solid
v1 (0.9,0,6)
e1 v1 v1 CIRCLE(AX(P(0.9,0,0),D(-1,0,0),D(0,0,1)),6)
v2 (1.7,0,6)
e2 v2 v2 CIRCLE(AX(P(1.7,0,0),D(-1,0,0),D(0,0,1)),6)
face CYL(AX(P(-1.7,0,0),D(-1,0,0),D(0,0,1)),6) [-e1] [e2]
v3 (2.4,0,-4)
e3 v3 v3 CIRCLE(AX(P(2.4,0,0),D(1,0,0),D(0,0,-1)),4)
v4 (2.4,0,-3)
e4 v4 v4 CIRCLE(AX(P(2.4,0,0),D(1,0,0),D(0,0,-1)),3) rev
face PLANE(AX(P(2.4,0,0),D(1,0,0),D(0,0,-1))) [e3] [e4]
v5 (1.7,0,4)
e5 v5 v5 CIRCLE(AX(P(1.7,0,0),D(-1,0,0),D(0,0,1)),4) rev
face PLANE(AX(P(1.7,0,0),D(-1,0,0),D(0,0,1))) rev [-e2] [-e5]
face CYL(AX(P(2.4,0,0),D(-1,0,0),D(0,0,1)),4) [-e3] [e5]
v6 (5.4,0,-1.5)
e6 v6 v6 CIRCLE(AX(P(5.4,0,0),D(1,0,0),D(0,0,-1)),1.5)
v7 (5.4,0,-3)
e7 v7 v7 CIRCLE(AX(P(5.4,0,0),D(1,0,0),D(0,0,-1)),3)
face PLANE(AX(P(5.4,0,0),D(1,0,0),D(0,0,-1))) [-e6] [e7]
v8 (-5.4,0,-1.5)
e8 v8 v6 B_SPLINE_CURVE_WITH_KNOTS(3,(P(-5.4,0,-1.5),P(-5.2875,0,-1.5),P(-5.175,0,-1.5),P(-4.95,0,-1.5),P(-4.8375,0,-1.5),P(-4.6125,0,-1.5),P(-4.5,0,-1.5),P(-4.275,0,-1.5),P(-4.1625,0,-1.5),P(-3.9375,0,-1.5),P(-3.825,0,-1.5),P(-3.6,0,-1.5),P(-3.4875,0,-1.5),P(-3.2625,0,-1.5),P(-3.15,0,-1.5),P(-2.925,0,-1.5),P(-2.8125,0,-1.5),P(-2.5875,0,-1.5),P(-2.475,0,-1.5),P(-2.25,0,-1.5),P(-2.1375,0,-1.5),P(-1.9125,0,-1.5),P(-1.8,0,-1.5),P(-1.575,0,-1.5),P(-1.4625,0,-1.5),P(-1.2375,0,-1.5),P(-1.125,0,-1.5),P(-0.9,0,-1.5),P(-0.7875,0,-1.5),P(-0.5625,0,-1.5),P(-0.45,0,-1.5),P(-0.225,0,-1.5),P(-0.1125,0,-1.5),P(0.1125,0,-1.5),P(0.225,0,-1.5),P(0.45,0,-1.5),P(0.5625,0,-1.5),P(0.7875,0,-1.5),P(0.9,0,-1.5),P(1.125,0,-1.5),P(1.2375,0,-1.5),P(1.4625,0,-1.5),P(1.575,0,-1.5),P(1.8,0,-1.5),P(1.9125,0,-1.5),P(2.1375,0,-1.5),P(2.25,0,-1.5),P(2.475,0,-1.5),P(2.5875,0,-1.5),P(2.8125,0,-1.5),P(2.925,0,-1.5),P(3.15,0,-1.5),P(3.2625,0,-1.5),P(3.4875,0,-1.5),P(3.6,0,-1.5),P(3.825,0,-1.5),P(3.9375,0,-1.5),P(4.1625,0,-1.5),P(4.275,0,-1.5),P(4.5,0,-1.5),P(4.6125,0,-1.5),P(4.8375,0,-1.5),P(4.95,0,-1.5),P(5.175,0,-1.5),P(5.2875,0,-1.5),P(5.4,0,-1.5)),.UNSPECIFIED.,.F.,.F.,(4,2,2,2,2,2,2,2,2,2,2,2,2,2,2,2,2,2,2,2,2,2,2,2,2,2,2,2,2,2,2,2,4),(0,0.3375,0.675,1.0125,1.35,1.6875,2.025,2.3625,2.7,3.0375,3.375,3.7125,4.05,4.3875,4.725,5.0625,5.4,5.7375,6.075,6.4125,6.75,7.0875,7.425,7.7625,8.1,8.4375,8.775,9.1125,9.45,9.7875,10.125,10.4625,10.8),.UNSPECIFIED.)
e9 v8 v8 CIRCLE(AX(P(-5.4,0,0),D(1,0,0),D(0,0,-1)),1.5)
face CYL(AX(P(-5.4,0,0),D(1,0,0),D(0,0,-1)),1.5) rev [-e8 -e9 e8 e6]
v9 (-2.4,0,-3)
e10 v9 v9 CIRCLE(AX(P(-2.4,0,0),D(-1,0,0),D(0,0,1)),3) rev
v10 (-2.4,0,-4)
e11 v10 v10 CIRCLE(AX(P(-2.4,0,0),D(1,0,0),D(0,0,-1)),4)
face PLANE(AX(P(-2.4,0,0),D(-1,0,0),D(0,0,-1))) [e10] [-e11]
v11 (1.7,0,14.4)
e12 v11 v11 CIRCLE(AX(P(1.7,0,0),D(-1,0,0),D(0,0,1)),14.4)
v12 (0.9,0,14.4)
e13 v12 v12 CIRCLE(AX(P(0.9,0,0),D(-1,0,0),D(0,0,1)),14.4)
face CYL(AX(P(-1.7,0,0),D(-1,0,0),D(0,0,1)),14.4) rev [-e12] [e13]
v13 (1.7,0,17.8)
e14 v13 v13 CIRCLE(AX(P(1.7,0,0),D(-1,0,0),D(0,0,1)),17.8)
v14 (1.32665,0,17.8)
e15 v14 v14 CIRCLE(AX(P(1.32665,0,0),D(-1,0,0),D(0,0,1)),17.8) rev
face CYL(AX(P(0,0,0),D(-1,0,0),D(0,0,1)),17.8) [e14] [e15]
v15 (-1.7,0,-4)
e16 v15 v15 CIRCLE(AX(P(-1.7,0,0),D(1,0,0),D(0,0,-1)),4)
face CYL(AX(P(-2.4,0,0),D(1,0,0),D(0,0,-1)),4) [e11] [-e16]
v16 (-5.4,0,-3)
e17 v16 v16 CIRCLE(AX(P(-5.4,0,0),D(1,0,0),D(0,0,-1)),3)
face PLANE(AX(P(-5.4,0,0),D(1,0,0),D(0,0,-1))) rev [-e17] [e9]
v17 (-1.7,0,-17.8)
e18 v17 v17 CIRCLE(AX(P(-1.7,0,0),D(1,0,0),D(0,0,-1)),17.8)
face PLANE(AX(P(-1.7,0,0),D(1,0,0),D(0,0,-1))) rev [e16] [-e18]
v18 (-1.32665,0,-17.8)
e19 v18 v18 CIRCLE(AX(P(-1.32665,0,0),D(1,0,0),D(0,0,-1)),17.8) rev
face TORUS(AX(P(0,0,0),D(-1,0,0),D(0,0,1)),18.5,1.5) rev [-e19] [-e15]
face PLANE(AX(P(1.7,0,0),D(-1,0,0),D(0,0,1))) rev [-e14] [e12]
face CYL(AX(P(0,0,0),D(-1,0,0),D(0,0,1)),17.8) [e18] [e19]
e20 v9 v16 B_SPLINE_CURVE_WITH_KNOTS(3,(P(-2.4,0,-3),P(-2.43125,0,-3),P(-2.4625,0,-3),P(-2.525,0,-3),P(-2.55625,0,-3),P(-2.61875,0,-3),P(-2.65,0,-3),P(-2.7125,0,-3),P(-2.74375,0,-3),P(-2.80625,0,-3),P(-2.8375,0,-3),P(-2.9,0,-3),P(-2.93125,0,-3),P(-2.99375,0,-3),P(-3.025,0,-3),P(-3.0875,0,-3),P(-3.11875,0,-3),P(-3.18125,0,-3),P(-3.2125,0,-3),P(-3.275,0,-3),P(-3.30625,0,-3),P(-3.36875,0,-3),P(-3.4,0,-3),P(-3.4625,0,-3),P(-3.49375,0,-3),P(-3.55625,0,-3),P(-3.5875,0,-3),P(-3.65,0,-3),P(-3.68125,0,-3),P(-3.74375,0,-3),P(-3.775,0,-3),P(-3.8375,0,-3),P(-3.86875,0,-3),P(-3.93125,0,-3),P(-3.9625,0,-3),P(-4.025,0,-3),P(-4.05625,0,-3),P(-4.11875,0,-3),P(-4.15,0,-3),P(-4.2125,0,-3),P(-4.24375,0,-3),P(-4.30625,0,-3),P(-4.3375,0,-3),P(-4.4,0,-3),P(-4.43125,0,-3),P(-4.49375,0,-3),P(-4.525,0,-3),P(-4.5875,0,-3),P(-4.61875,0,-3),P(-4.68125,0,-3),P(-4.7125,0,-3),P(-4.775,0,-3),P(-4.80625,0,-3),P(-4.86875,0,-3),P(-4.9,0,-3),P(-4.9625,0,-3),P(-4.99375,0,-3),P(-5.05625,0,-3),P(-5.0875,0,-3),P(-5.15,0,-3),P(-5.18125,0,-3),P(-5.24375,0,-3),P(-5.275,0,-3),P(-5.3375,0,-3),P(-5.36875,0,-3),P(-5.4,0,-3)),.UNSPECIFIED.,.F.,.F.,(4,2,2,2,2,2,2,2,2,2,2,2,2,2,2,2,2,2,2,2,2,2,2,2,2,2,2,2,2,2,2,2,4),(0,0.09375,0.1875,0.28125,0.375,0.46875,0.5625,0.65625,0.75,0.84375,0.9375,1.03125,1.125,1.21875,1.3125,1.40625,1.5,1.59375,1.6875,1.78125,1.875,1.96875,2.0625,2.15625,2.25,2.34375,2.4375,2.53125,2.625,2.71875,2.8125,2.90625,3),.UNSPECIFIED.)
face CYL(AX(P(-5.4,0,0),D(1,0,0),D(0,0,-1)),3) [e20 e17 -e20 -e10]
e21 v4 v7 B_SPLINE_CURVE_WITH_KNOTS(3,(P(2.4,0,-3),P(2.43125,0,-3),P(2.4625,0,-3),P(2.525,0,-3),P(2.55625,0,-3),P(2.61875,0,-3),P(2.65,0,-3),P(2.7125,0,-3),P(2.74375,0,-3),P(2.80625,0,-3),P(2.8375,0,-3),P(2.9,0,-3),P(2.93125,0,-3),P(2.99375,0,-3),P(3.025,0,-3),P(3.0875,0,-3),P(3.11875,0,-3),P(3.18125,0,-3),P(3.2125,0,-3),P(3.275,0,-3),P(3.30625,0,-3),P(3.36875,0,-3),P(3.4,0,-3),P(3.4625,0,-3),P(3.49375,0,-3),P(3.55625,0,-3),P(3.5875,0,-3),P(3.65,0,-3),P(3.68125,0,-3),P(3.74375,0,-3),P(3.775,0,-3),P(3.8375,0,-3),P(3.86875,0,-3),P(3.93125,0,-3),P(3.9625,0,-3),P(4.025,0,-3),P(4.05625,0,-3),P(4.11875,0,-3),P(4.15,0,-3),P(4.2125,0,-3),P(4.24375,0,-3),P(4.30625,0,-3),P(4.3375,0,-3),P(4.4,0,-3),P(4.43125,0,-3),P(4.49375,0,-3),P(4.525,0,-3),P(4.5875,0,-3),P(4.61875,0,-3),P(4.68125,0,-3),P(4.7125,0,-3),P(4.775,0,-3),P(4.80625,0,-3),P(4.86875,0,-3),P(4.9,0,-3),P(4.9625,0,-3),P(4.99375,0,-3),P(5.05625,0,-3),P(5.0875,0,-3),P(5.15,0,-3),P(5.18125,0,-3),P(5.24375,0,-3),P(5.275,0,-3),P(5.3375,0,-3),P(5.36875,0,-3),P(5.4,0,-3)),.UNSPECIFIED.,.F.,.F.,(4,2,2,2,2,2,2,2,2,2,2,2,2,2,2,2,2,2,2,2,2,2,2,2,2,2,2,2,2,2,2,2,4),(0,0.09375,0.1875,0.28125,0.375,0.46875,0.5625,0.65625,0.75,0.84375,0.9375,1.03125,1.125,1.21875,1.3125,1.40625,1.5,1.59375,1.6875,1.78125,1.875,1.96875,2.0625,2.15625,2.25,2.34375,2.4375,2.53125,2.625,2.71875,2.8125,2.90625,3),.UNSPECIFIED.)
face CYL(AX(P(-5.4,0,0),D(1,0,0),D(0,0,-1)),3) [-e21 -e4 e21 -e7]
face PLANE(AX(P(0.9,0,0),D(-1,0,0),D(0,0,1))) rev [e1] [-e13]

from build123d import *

# Parameters (mm, degrees)
AXE_DEPTH                   = 5.4
AXE_DEPTH_BACK              = 5.4
ESQUISSE4_R                 = 3
ESQUISSE6_R                 = 4
EMPAULEMENT_ROULEMENT_DEPTH = 0.7
AXE_3MM_DEPTH               = 27.714415584
AXE_3MM_DEPTH_BACK          = 27.714415584
ESQUISSE5_R                 = 1.5
ESQUISSE7_W                 = 4.96410879
ESQUISSE7_H                 = 0.7


with BuildPart() as part:
    # Esquisse2 → Révolution1 (revolve)
    with BuildSketch(Plane.XY, mode=Mode.PRIVATE) as r_volution1_sk:
        with BuildLine():
            ThreePointArc((1.5, 18.5), (0, 17), (-1.5, 18.5))
            Line((-1.5, 18.5), (-1.7, 18.5))
            Line((-1.7, 18.5), (-1.7, 0))
            Line((-1.7, 0), (1.7, 0))
            Line((1.7, 0), (1.7, 6))
            Line((1.7, 6), (0.9, 6))
            Line((0.9, 6), (0.9, 14.4))
            Line((0.9, 14.4), (1.7, 14.4))
            Line((1.7, 14.4), (1.7, 18.5))
            Line((1.7, 18.5), (1.5, 18.5))
        make_face()
    revolve(r_volution1_sk.sketch.rotate(Axis((-1.7, 0, 0), (1, 0, 0)), 90), axis=Axis((-1.7, 0, 0), (1, 0, 0)))

    # Esquisse4 → axe (add, two sides: drawn at the far end of the back side and taken through both)
    with BuildSketch(Plane(origin=(0, 0, 0), x_dir=(0, 0, -1), z_dir=(1, 0, 0)).offset(-AXE_DEPTH_BACK)):
        Circle(ESQUISSE4_R)
    extrude(amount=AXE_DEPTH + AXE_DEPTH_BACK)

    # Esquisse6 → empaulement_roulement (add)
    with BuildSketch(Plane(origin=(1.7, 0, 0), x_dir=(0, 0, -1), z_dir=(1, 0, 0))):
        with Locations(Location((0, 0, 0), (0, 0, 180))):
            Circle(ESQUISSE6_R)
    empaulement_roulement = extrude(amount=EMPAULEMENT_ROULEMENT_DEPTH)

    # Symétrie1: empaulement_roulement across plane
    add(empaulement_roulement.mirror(Plane(origin=(0, 0, 0), x_dir=(0, 0, 1), z_dir=(1, 0, 0))))

    # Esquisse5 → axe_3mm (cut, two sides: drawn at the far end of the back side and taken through both)
    with BuildSketch(Plane(origin=(0, 0, 0), x_dir=(0, 0, -1), z_dir=(1, 0, 0)).offset(-AXE_3MM_DEPTH_BACK)):
        Circle(ESQUISSE5_R)
    extrude(amount=AXE_3MM_DEPTH + AXE_3MM_DEPTH_BACK, mode=Mode.SUBTRACT)

    # Esquisse7 → Enlèvement de matière-Révolution1 (revolve, cut)
    with BuildSketch(Plane.XY, mode=Mode.PRIVATE) as enl_vement_de_mati_re_r_volution1_sk:
        with Locations((0, 18.15)):
            Rectangle(ESQUISSE7_W, ESQUISSE7_H)
    revolve(enl_vement_de_mati_re_r_volution1_sk.sketch.rotate(Axis((0, 0, 0), (1, 0, 0)), 270), axis=Axis((0, 0, 0), (1, 0, 0)), mode=Mode.SUBTRACT)


solid = part.part
